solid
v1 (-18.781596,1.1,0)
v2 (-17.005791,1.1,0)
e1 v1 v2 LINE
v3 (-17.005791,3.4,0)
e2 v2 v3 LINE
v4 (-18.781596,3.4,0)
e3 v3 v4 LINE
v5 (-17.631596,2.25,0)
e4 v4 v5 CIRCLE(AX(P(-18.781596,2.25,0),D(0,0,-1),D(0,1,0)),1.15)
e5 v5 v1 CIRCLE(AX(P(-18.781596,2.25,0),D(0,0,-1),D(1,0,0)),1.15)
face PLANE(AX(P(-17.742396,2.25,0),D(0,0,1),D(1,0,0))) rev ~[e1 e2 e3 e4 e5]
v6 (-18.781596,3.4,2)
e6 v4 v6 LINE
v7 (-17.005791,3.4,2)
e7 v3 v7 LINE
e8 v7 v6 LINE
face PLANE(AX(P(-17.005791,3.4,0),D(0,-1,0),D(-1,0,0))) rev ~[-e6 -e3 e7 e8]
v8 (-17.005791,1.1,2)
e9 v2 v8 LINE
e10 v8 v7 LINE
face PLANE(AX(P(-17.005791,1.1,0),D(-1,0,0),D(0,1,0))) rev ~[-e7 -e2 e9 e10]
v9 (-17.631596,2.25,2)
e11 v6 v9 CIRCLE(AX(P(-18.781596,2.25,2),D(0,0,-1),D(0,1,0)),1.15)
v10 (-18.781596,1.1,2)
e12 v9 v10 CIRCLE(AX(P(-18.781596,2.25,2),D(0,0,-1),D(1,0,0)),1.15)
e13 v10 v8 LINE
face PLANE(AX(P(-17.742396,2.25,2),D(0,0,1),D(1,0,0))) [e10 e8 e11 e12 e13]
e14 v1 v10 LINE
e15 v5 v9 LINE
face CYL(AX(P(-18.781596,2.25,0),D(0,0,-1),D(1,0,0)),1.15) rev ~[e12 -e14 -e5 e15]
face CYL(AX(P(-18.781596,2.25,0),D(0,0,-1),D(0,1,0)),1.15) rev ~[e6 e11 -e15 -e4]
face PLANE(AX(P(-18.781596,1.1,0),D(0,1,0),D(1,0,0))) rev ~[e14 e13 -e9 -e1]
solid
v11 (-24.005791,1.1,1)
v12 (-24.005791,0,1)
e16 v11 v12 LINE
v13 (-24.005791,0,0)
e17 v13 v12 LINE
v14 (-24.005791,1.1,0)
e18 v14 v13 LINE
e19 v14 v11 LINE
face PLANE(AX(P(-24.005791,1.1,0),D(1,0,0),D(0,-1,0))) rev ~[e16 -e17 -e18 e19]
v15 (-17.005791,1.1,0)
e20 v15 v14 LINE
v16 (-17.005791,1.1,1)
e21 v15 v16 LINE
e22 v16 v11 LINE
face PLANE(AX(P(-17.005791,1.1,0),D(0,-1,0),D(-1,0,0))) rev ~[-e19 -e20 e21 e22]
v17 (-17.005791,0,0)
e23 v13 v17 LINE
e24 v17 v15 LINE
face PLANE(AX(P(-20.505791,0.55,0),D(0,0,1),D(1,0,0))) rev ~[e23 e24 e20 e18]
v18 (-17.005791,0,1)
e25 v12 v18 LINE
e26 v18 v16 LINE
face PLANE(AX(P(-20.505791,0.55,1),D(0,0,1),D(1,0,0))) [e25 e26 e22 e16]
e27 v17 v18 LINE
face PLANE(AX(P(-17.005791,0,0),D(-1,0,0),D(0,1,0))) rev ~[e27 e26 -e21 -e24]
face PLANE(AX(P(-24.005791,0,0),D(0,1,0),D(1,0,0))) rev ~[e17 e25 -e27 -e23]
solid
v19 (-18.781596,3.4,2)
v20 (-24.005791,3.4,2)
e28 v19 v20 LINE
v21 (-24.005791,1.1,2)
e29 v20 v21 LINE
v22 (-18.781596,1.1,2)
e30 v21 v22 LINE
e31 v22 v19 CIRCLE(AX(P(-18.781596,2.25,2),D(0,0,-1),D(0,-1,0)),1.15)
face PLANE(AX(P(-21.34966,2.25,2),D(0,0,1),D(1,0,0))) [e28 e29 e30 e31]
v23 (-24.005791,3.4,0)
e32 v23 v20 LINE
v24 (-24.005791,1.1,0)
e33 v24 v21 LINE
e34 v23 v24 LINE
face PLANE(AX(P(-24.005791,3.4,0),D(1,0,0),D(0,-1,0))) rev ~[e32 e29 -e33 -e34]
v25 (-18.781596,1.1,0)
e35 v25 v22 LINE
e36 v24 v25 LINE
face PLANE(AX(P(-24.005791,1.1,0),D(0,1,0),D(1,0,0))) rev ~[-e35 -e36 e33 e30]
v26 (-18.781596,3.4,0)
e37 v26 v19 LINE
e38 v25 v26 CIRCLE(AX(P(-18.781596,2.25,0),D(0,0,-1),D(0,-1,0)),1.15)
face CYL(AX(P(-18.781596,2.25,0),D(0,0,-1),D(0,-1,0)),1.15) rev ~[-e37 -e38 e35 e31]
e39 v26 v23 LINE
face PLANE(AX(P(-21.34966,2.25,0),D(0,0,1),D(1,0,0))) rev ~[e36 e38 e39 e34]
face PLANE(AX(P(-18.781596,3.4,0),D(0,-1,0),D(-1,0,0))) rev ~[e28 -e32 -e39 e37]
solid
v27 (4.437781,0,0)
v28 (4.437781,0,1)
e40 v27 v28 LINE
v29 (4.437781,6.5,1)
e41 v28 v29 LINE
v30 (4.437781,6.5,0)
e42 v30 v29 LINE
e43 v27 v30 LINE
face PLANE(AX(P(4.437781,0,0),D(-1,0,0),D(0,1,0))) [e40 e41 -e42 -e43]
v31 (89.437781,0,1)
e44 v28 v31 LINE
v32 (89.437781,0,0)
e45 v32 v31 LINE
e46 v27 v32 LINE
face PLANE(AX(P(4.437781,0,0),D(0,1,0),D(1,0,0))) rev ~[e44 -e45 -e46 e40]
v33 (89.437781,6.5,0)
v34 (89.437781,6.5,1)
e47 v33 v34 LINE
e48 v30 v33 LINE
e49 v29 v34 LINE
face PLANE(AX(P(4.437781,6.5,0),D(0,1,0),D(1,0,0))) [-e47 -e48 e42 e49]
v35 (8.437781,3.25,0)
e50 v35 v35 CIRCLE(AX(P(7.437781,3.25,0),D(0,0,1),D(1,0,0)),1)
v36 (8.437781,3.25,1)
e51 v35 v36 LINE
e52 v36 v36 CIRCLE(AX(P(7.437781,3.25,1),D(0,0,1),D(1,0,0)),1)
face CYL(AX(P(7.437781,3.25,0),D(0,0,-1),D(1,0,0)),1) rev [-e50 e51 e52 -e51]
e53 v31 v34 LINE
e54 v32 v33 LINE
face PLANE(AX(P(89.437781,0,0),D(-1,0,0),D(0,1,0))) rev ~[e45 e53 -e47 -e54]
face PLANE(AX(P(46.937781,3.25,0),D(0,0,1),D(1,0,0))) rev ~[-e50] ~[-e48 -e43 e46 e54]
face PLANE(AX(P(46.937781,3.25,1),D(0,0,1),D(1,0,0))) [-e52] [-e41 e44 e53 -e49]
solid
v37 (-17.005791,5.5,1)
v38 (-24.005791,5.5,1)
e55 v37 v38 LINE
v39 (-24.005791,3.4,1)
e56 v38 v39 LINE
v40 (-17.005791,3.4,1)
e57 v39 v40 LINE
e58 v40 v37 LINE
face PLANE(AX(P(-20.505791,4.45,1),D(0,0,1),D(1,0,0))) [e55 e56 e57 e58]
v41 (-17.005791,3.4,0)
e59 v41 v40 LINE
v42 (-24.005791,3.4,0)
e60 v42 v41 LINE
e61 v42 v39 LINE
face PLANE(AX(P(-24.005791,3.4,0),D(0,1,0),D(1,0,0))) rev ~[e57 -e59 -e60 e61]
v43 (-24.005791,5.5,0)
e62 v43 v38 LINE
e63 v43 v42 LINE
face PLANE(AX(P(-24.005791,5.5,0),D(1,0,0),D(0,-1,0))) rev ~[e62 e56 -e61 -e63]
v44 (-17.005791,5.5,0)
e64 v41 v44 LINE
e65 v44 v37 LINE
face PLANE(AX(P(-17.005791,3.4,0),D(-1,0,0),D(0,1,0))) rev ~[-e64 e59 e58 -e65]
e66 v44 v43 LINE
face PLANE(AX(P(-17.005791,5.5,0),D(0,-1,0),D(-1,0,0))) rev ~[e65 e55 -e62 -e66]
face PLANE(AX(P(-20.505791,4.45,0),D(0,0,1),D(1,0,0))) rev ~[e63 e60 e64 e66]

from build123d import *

# Parameters (mm, degrees)
F0_W     = 85
F0_H     = 6.5
F0_R     = 1
F1_DEPTH = 1
F3_DEPTH = 1
F4_DEPTH = 2


with BuildPart() as f1:
    # F0 (on Top) → F1 (new body)
    with BuildSketch(Plane.XY):
        with Locations((46.937780939, 3.25)):
            Rectangle(F0_W, F0_H)
        with Locations((7.437780939, 3.25)):
            Circle(F0_R, mode=Mode.SUBTRACT)
    extrude(amount=F1_DEPTH)


with BuildPart() as f3:
    # F2 (on Top) → F3 (new body)
    with BuildSketch(Plane.XY):
        Polygon((-18.7815961412, 3.4), (-17.0057911724, 3.4), (-17.0057911724, 5.5), (-24.0057911724, 5.5), (-24.0057911724, 3.4), align=None)
    extrude(amount=F3_DEPTH)


with BuildPart() as f3b:
    # F2 (on Top) → F3, piece 2 (new body)
    with BuildSketch(Plane.XY):
        Polygon((-24.0057911724, 0), (-17.0057911724, 0), (-17.0057911724, 1.1), (-18.7815961412, 1.1), (-24.0057911724, 1.1), align=None)
    extrude(amount=F3_DEPTH)


with BuildPart() as f4:
    # F2 (on Top) → F4 (new body)
    with BuildSketch(Plane.XY):
        with BuildLine():
            Line((-24.0057911724, 3.4), (-24.0057911724, 1.1))
            Line((-24.0057911724, 1.1), (-18.7815961412, 1.1))
            ThreePointArc((-18.7815961412, 1.1), (-19.9315961412, 2.25), (-18.7815961412, 3.4))
            Line((-18.7815961412, 3.4), (-24.0057911724, 3.4))
        make_face()
    extrude(amount=F4_DEPTH)


with BuildPart() as f4b:
    # F2 (on Top) → F4, piece 2 (new body)
    with BuildSketch(Plane.XY):
        with BuildLine():
            Line((-18.7815961412, 1.1), (-17.0057911724, 1.1))
            Line((-17.0057911724, 1.1), (-17.0057911724, 3.4))
            Line((-17.0057911724, 3.4), (-18.7815961412, 3.4))
            ThreePointArc((-18.7815961412, 3.4), (-17.9684233429, 3.0631727984), (-17.6315961412, 2.25))
            ThreePointArc((-17.6315961412, 2.25), (-17.9684233429, 1.4368272016), (-18.7815961412, 1.1))
        make_face()
    extrude(amount=F4_DEPTH)


solid = Compound([f1.part, f3.part, f3b.part, f4.part, f4b.part])
